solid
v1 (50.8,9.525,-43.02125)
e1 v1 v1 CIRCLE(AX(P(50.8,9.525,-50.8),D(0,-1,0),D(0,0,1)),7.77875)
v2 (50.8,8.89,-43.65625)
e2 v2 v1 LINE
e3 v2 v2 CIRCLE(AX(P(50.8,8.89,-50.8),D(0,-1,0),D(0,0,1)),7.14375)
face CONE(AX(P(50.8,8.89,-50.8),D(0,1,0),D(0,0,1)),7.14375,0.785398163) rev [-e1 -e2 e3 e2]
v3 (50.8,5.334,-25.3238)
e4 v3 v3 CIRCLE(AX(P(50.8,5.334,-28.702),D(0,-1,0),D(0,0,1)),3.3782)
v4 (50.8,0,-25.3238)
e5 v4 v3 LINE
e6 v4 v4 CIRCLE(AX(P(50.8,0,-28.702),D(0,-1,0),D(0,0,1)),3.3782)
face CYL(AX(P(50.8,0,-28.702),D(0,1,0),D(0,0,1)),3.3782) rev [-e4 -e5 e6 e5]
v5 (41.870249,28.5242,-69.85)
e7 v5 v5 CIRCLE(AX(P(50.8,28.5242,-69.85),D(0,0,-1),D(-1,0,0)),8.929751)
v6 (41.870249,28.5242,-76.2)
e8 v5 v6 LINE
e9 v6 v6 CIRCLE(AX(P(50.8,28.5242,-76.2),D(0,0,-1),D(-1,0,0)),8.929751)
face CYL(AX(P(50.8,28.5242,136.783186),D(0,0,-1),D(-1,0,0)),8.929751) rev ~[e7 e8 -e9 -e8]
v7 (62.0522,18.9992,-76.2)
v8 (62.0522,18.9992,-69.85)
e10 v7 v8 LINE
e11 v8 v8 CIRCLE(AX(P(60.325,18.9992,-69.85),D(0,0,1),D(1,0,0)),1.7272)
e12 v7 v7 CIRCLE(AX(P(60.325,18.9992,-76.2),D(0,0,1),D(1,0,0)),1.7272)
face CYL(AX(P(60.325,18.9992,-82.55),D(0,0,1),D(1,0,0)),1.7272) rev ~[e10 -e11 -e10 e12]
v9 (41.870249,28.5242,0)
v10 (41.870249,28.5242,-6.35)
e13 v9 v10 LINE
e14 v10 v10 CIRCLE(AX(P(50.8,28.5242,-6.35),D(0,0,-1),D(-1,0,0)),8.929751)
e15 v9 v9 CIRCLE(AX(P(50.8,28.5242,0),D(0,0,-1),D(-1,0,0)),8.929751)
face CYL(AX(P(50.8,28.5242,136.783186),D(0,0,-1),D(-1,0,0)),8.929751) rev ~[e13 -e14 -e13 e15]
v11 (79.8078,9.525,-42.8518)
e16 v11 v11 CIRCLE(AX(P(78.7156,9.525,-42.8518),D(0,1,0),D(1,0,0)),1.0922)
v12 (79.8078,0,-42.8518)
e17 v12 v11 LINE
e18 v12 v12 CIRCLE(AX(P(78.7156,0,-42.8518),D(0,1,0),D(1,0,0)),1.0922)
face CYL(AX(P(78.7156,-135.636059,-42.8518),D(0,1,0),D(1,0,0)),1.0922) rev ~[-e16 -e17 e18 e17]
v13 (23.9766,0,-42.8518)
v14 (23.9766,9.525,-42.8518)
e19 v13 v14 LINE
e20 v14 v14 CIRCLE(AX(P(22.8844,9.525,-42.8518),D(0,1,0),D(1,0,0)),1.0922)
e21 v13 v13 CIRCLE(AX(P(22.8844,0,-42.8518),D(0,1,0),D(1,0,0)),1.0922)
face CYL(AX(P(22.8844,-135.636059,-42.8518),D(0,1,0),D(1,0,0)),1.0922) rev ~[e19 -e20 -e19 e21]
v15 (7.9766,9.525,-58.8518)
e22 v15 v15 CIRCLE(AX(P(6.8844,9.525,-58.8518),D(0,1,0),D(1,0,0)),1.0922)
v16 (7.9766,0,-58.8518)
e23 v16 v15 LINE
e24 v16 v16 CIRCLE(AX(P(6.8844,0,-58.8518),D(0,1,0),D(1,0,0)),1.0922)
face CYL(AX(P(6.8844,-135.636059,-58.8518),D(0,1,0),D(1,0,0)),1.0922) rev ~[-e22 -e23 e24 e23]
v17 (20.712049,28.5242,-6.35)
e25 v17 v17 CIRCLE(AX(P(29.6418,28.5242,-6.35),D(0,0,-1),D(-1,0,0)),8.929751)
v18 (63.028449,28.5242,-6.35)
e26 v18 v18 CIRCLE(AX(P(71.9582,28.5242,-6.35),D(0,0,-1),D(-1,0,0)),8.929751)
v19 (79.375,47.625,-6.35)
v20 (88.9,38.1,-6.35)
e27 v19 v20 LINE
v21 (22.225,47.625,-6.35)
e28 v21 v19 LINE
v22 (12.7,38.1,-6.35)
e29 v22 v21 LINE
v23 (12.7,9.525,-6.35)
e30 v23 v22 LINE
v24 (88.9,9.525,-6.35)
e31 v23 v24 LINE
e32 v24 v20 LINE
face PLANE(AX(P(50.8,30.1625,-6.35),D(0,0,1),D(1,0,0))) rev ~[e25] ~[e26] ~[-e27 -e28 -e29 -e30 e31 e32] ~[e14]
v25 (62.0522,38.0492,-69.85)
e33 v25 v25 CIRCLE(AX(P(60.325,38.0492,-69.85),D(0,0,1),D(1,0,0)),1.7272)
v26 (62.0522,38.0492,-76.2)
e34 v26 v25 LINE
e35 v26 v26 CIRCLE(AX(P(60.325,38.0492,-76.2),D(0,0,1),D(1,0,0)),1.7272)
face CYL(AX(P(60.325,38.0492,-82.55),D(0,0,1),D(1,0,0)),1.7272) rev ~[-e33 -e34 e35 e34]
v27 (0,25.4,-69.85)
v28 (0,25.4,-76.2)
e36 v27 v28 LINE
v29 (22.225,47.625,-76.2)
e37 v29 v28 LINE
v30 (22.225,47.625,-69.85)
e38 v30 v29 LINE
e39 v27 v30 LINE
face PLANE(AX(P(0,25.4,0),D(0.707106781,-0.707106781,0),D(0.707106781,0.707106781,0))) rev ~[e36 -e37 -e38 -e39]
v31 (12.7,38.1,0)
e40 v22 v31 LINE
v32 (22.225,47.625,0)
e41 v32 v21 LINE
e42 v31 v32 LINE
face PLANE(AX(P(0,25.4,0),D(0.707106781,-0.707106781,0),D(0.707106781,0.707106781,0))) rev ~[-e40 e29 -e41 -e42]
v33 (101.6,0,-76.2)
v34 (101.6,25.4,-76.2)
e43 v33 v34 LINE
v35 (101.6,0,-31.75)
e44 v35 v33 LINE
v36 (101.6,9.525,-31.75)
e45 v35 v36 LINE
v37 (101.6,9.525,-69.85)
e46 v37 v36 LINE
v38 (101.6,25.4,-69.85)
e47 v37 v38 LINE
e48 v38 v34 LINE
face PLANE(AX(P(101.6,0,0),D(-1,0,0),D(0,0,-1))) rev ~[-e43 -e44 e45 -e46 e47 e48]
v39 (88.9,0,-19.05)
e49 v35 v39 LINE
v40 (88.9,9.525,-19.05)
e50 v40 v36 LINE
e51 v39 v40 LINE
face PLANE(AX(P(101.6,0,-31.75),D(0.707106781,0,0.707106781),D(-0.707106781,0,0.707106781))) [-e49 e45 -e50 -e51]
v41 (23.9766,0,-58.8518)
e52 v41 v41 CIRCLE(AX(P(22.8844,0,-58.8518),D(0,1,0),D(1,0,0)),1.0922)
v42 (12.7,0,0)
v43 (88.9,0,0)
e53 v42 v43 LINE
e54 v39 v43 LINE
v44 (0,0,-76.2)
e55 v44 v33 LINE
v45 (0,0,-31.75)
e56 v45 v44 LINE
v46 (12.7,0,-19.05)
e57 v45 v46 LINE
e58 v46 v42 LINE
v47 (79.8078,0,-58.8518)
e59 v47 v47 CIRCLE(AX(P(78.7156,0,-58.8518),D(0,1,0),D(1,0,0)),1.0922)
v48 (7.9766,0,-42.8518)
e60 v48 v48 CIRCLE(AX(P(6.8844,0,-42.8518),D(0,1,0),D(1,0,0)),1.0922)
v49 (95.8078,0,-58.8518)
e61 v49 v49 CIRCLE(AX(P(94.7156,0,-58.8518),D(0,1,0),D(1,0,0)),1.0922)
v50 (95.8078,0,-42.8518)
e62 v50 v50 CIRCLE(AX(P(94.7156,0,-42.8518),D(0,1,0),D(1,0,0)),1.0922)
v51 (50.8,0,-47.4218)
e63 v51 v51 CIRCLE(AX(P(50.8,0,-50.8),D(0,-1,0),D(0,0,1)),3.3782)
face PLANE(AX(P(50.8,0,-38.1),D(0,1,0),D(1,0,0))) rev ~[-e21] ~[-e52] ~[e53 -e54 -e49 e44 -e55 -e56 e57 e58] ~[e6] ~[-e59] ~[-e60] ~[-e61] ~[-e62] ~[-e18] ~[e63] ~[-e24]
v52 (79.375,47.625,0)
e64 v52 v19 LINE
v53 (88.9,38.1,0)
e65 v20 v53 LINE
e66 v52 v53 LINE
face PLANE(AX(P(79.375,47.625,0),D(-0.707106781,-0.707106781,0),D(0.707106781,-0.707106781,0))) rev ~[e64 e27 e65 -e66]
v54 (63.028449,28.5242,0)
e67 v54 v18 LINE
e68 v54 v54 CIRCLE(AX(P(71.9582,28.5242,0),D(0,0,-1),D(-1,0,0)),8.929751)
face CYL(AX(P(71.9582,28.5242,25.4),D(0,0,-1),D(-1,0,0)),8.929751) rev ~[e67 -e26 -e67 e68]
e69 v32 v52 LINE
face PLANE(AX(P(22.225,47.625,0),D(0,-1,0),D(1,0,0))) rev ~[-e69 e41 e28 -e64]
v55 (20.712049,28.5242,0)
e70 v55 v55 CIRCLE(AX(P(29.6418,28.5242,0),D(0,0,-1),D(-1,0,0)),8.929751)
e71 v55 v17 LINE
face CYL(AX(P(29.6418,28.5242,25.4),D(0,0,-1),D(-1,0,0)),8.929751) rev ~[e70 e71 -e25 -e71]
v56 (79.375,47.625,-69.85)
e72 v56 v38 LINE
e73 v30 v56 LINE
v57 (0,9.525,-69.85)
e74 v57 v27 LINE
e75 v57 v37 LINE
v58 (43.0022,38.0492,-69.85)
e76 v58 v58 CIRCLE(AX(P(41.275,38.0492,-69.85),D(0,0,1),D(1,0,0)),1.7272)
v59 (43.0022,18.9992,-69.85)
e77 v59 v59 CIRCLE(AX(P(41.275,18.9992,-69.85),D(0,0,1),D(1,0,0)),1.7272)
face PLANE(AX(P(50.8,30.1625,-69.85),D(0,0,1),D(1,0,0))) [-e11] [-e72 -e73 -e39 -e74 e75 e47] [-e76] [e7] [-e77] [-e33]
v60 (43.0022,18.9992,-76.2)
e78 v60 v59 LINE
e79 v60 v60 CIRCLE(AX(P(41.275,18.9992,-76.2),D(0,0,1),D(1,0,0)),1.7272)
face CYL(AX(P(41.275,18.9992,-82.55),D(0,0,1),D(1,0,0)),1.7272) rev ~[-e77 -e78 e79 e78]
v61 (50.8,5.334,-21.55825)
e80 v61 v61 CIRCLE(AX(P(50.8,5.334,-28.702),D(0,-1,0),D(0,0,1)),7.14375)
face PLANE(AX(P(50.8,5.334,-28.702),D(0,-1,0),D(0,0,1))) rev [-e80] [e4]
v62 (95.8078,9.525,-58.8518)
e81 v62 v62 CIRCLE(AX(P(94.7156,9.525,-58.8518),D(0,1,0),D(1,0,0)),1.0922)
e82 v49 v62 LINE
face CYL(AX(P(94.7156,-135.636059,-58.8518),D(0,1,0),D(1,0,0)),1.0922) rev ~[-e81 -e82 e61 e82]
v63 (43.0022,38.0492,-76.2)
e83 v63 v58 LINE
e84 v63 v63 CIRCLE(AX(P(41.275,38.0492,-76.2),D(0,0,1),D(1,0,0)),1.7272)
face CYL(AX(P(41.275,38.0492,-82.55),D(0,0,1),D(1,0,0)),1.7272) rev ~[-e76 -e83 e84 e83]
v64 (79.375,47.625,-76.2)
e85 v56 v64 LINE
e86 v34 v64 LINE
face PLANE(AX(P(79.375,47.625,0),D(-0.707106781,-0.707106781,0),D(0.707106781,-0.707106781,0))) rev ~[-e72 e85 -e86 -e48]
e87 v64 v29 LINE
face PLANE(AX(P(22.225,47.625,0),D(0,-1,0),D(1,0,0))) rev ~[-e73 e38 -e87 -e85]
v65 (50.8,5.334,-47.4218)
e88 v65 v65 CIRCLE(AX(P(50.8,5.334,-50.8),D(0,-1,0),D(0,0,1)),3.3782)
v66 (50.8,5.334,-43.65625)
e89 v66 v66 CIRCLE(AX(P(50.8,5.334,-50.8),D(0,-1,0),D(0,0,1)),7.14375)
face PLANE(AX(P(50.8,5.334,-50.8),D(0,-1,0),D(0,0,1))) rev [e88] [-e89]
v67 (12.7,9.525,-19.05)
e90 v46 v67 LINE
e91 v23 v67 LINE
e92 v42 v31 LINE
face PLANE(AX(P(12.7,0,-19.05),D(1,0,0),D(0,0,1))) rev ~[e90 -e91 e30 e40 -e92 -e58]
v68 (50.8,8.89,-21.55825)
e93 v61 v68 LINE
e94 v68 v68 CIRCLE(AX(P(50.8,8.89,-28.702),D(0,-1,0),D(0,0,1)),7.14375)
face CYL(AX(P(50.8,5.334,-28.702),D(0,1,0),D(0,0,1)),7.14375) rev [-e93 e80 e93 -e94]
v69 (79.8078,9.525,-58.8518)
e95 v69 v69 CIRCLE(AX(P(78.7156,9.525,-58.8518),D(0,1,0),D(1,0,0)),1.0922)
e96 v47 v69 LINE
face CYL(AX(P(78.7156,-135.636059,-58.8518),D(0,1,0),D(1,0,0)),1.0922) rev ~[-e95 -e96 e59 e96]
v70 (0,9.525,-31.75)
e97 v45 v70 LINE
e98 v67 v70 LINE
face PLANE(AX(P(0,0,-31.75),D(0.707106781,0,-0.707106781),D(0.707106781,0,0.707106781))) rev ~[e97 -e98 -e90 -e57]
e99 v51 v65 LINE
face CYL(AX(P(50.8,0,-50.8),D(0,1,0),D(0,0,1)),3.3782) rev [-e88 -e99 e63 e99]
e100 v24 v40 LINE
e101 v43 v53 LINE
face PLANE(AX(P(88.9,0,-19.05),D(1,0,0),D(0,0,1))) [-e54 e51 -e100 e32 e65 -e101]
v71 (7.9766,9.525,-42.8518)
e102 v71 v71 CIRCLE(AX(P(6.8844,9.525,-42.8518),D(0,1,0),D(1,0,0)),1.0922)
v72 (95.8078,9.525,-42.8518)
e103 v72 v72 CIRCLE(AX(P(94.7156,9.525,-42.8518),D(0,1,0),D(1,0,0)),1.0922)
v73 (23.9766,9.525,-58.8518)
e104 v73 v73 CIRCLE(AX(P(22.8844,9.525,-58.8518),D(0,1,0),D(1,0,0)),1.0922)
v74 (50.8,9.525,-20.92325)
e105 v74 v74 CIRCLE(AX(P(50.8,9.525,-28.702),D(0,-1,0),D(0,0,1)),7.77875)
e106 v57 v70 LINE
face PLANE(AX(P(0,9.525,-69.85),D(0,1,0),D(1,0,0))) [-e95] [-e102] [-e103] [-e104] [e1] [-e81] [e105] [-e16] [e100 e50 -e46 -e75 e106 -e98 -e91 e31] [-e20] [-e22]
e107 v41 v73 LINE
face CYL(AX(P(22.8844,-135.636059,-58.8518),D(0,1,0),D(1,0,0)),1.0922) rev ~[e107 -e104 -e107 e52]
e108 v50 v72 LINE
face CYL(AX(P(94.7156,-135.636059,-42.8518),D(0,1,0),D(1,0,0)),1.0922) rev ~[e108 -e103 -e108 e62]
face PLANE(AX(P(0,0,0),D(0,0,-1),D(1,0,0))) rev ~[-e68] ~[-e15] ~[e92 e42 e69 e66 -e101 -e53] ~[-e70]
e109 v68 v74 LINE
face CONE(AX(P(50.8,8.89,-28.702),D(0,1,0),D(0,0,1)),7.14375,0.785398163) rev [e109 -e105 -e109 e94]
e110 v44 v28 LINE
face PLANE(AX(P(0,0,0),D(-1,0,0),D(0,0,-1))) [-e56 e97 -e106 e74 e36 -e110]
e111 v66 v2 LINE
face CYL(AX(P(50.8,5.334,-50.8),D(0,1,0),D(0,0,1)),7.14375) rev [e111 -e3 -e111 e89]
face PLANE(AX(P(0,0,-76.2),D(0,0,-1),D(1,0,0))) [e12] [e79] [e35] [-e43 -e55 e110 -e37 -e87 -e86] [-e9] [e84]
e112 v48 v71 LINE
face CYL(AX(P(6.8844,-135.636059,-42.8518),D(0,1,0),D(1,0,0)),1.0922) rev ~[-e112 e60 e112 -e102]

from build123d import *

# Parameters (mm, degrees)
SKETCH1_W                                    = 101.6
SKETCH1_H                                    = 76.2
BOSS_EXTRUDE1_DEPTH                          = 50.8
CUT_EXTRUDE1_DEPTH                           = 31.75
CUT_EXTRUDE1_DEPTH_BACK                      = 31.75
SKETCH9_W                                    = 101.6
SKETCH9_H                                    = 41.275
F_45_64_0_70313_DIAMETER_HOLE1_D             = 17.859502
F_45_64_0_70313_DIAMETER_HOLE2_D             = 17.859502
F_45_64_0_70313_DIAMETER_HOLE2_DEPTH         = 25.4
F_45_64_0_70313_DIAMETER_HOLE2_TIP           = 5.365535714
CBORE_FOR_1_4_BINDING_HEAD_MACHINE_S_2_COUNT = 2
CBORE_FOR_1_4_BINDING_HEAD_MACHINE_S_2_PITCH = 22.098
CUT_EXTRUDE3_DEPTH                           = 137.783186101
F_8_32_TAPPED_HOLE1_D                        = 3.4544
F_8_32_TAPPED_HOLE1_DEPTH                    = 6.35
CUT_EXTRUDE4_DEPTH                           = 136.636059457
F_44_0_086_DIAMETER_HOLE1_D                  = 2.1844


with BuildPart() as part:
    # Sketch1 → Boss-Extrude1 (new body)
    with BuildSketch(Plane(origin=(0, 0, 0), x_dir=(1, 0, 0), z_dir=(0, 1, 0))):
        with Locations((50.8, 38.1)):
            Rectangle(SKETCH1_W, SKETCH1_H)
    extrude(amount=BOSS_EXTRUDE1_DEPTH)

    # Sketch9 → Cut-Extrude1 (cut, two sides: drawn at the far end of the back side and taken through both)
    with BuildSketch(Plane.XY.offset(-38.1).offset(-CUT_EXTRUDE1_DEPTH_BACK)):
        with Locations((50.8, 30.1625)):
            Rectangle(SKETCH9_W, SKETCH9_H)
    extrude(amount=CUT_EXTRUDE1_DEPTH + CUT_EXTRUDE1_DEPTH_BACK, mode=Mode.SUBTRACT)

    # 45/64 (0.70313) Diameter Hole1 (through all)
    with Locations(Plane.XY):
        with Locations((50.8, 28.5242)):
            Hole(F_45_64_0_70313_DIAMETER_HOLE1_D / 2)

    # 45/64 (0.70313) Diameter Hole2
    with Locations(Plane.XY):
        with Locations((29.6418, 28.5242), (71.9582, 28.5242)):
            Hole(F_45_64_0_70313_DIAMETER_HOLE2_D / 2, depth=F_45_64_0_70313_DIAMETER_HOLE2_DEPTH)
            with Locations((0, 0, -(F_45_64_0_70313_DIAMETER_HOLE2_DEPTH + F_45_64_0_70313_DIAMETER_HOLE2_TIP / 2))):  # 118° drill point
                Cone(0, F_45_64_0_70313_DIAMETER_HOLE2_D / 2, F_45_64_0_70313_DIAMETER_HOLE2_TIP, mode=Mode.SUBTRACT)

    # Sketch14 → CBORE for 1/4 Binding Head Machine Screw1 (revolve, cut)
    with BuildSketch(Plane(origin=(50.8, 9.525, -50.8), x_dir=(0, 0, 1), z_dir=(1, 0, 0))):
        Polygon((0, 0), (0, 9.525), (3.3782, 9.525), (3.3782, 4.191), (7.14375, 4.191), (7.14375, 0.635), (7.77875, 0), align=None)
    cbore_for_1_4_binding_head_machine_screw = revolve(axis=Axis((50.8, 15.875, -50.8), (0, -1, 0)), mode=Mode.SUBTRACT)

    # CBORE for 1_4 Binding Head Machine S 2: CBORE for 1/4 Binding Head Machine Screw1 ×2
    with Locations(*[(0, 0, i * CBORE_FOR_1_4_BINDING_HEAD_MACHINE_S_2_PITCH) for i in range(1, CBORE_FOR_1_4_BINDING_HEAD_MACHINE_S_2_COUNT)]):
        add(cbore_for_1_4_binding_head_machine_screw, mode=Mode.SUBTRACT)

    # Sketch17 → Cut-Extrude3 (cut, through all)
    with BuildSketch(Plane.XY):
        Polygon((0, 25.4), (22.225, 47.625), (79.375, 47.625), (101.6, 25.4), (101.6, 50.8), (0, 50.8), align=None)
    extrude(amount=-CUT_EXTRUDE3_DEPTH, mode=Mode.SUBTRACT)

    # #8-32 Tapped Hole1
    with Locations(Plane(origin=(0, 0, -76.2), x_dir=(-1, 0, 0), z_dir=(0, 0, -1))):
        with Locations((-41.275, 38.0492), (-60.325, 18.9992), (-60.325, 38.0492), (-41.275, 18.9992)):
            Hole(F_8_32_TAPPED_HOLE1_D / 2, depth=F_8_32_TAPPED_HOLE1_DEPTH)

    # Sketch21 → Cut-Extrude4 (cut, through all)
    with BuildSketch(Plane.XZ):
        Polygon((0, 0), (0, -31.75), (12.7, -19.05), (12.7, 0), align=None)
        Polygon((88.9, 0), (101.6, 0), (101.6, -31.75), (88.9, -19.05), align=None)
    extrude(amount=-CUT_EXTRUDE4_DEPTH, mode=Mode.SUBTRACT)

    # #44 (0.086) Diameter Hole1 (through all)
    with Locations(Plane(origin=(0, 0, 0), x_dir=(-1, 0, 0), z_dir=(0, -1, 0))):
        with Locations((-22.8844, 58.8518), (-6.8844, 58.8518), (-22.8844, 42.8518), (-6.8844, 42.8518), (-78.7156, 58.8518), (-94.7156, 58.8518), (-78.7156, 42.8518), (-94.7156, 42.8518)):
            Hole(F_44_0_086_DIAMETER_HOLE1_D / 2)


solid = part.part
